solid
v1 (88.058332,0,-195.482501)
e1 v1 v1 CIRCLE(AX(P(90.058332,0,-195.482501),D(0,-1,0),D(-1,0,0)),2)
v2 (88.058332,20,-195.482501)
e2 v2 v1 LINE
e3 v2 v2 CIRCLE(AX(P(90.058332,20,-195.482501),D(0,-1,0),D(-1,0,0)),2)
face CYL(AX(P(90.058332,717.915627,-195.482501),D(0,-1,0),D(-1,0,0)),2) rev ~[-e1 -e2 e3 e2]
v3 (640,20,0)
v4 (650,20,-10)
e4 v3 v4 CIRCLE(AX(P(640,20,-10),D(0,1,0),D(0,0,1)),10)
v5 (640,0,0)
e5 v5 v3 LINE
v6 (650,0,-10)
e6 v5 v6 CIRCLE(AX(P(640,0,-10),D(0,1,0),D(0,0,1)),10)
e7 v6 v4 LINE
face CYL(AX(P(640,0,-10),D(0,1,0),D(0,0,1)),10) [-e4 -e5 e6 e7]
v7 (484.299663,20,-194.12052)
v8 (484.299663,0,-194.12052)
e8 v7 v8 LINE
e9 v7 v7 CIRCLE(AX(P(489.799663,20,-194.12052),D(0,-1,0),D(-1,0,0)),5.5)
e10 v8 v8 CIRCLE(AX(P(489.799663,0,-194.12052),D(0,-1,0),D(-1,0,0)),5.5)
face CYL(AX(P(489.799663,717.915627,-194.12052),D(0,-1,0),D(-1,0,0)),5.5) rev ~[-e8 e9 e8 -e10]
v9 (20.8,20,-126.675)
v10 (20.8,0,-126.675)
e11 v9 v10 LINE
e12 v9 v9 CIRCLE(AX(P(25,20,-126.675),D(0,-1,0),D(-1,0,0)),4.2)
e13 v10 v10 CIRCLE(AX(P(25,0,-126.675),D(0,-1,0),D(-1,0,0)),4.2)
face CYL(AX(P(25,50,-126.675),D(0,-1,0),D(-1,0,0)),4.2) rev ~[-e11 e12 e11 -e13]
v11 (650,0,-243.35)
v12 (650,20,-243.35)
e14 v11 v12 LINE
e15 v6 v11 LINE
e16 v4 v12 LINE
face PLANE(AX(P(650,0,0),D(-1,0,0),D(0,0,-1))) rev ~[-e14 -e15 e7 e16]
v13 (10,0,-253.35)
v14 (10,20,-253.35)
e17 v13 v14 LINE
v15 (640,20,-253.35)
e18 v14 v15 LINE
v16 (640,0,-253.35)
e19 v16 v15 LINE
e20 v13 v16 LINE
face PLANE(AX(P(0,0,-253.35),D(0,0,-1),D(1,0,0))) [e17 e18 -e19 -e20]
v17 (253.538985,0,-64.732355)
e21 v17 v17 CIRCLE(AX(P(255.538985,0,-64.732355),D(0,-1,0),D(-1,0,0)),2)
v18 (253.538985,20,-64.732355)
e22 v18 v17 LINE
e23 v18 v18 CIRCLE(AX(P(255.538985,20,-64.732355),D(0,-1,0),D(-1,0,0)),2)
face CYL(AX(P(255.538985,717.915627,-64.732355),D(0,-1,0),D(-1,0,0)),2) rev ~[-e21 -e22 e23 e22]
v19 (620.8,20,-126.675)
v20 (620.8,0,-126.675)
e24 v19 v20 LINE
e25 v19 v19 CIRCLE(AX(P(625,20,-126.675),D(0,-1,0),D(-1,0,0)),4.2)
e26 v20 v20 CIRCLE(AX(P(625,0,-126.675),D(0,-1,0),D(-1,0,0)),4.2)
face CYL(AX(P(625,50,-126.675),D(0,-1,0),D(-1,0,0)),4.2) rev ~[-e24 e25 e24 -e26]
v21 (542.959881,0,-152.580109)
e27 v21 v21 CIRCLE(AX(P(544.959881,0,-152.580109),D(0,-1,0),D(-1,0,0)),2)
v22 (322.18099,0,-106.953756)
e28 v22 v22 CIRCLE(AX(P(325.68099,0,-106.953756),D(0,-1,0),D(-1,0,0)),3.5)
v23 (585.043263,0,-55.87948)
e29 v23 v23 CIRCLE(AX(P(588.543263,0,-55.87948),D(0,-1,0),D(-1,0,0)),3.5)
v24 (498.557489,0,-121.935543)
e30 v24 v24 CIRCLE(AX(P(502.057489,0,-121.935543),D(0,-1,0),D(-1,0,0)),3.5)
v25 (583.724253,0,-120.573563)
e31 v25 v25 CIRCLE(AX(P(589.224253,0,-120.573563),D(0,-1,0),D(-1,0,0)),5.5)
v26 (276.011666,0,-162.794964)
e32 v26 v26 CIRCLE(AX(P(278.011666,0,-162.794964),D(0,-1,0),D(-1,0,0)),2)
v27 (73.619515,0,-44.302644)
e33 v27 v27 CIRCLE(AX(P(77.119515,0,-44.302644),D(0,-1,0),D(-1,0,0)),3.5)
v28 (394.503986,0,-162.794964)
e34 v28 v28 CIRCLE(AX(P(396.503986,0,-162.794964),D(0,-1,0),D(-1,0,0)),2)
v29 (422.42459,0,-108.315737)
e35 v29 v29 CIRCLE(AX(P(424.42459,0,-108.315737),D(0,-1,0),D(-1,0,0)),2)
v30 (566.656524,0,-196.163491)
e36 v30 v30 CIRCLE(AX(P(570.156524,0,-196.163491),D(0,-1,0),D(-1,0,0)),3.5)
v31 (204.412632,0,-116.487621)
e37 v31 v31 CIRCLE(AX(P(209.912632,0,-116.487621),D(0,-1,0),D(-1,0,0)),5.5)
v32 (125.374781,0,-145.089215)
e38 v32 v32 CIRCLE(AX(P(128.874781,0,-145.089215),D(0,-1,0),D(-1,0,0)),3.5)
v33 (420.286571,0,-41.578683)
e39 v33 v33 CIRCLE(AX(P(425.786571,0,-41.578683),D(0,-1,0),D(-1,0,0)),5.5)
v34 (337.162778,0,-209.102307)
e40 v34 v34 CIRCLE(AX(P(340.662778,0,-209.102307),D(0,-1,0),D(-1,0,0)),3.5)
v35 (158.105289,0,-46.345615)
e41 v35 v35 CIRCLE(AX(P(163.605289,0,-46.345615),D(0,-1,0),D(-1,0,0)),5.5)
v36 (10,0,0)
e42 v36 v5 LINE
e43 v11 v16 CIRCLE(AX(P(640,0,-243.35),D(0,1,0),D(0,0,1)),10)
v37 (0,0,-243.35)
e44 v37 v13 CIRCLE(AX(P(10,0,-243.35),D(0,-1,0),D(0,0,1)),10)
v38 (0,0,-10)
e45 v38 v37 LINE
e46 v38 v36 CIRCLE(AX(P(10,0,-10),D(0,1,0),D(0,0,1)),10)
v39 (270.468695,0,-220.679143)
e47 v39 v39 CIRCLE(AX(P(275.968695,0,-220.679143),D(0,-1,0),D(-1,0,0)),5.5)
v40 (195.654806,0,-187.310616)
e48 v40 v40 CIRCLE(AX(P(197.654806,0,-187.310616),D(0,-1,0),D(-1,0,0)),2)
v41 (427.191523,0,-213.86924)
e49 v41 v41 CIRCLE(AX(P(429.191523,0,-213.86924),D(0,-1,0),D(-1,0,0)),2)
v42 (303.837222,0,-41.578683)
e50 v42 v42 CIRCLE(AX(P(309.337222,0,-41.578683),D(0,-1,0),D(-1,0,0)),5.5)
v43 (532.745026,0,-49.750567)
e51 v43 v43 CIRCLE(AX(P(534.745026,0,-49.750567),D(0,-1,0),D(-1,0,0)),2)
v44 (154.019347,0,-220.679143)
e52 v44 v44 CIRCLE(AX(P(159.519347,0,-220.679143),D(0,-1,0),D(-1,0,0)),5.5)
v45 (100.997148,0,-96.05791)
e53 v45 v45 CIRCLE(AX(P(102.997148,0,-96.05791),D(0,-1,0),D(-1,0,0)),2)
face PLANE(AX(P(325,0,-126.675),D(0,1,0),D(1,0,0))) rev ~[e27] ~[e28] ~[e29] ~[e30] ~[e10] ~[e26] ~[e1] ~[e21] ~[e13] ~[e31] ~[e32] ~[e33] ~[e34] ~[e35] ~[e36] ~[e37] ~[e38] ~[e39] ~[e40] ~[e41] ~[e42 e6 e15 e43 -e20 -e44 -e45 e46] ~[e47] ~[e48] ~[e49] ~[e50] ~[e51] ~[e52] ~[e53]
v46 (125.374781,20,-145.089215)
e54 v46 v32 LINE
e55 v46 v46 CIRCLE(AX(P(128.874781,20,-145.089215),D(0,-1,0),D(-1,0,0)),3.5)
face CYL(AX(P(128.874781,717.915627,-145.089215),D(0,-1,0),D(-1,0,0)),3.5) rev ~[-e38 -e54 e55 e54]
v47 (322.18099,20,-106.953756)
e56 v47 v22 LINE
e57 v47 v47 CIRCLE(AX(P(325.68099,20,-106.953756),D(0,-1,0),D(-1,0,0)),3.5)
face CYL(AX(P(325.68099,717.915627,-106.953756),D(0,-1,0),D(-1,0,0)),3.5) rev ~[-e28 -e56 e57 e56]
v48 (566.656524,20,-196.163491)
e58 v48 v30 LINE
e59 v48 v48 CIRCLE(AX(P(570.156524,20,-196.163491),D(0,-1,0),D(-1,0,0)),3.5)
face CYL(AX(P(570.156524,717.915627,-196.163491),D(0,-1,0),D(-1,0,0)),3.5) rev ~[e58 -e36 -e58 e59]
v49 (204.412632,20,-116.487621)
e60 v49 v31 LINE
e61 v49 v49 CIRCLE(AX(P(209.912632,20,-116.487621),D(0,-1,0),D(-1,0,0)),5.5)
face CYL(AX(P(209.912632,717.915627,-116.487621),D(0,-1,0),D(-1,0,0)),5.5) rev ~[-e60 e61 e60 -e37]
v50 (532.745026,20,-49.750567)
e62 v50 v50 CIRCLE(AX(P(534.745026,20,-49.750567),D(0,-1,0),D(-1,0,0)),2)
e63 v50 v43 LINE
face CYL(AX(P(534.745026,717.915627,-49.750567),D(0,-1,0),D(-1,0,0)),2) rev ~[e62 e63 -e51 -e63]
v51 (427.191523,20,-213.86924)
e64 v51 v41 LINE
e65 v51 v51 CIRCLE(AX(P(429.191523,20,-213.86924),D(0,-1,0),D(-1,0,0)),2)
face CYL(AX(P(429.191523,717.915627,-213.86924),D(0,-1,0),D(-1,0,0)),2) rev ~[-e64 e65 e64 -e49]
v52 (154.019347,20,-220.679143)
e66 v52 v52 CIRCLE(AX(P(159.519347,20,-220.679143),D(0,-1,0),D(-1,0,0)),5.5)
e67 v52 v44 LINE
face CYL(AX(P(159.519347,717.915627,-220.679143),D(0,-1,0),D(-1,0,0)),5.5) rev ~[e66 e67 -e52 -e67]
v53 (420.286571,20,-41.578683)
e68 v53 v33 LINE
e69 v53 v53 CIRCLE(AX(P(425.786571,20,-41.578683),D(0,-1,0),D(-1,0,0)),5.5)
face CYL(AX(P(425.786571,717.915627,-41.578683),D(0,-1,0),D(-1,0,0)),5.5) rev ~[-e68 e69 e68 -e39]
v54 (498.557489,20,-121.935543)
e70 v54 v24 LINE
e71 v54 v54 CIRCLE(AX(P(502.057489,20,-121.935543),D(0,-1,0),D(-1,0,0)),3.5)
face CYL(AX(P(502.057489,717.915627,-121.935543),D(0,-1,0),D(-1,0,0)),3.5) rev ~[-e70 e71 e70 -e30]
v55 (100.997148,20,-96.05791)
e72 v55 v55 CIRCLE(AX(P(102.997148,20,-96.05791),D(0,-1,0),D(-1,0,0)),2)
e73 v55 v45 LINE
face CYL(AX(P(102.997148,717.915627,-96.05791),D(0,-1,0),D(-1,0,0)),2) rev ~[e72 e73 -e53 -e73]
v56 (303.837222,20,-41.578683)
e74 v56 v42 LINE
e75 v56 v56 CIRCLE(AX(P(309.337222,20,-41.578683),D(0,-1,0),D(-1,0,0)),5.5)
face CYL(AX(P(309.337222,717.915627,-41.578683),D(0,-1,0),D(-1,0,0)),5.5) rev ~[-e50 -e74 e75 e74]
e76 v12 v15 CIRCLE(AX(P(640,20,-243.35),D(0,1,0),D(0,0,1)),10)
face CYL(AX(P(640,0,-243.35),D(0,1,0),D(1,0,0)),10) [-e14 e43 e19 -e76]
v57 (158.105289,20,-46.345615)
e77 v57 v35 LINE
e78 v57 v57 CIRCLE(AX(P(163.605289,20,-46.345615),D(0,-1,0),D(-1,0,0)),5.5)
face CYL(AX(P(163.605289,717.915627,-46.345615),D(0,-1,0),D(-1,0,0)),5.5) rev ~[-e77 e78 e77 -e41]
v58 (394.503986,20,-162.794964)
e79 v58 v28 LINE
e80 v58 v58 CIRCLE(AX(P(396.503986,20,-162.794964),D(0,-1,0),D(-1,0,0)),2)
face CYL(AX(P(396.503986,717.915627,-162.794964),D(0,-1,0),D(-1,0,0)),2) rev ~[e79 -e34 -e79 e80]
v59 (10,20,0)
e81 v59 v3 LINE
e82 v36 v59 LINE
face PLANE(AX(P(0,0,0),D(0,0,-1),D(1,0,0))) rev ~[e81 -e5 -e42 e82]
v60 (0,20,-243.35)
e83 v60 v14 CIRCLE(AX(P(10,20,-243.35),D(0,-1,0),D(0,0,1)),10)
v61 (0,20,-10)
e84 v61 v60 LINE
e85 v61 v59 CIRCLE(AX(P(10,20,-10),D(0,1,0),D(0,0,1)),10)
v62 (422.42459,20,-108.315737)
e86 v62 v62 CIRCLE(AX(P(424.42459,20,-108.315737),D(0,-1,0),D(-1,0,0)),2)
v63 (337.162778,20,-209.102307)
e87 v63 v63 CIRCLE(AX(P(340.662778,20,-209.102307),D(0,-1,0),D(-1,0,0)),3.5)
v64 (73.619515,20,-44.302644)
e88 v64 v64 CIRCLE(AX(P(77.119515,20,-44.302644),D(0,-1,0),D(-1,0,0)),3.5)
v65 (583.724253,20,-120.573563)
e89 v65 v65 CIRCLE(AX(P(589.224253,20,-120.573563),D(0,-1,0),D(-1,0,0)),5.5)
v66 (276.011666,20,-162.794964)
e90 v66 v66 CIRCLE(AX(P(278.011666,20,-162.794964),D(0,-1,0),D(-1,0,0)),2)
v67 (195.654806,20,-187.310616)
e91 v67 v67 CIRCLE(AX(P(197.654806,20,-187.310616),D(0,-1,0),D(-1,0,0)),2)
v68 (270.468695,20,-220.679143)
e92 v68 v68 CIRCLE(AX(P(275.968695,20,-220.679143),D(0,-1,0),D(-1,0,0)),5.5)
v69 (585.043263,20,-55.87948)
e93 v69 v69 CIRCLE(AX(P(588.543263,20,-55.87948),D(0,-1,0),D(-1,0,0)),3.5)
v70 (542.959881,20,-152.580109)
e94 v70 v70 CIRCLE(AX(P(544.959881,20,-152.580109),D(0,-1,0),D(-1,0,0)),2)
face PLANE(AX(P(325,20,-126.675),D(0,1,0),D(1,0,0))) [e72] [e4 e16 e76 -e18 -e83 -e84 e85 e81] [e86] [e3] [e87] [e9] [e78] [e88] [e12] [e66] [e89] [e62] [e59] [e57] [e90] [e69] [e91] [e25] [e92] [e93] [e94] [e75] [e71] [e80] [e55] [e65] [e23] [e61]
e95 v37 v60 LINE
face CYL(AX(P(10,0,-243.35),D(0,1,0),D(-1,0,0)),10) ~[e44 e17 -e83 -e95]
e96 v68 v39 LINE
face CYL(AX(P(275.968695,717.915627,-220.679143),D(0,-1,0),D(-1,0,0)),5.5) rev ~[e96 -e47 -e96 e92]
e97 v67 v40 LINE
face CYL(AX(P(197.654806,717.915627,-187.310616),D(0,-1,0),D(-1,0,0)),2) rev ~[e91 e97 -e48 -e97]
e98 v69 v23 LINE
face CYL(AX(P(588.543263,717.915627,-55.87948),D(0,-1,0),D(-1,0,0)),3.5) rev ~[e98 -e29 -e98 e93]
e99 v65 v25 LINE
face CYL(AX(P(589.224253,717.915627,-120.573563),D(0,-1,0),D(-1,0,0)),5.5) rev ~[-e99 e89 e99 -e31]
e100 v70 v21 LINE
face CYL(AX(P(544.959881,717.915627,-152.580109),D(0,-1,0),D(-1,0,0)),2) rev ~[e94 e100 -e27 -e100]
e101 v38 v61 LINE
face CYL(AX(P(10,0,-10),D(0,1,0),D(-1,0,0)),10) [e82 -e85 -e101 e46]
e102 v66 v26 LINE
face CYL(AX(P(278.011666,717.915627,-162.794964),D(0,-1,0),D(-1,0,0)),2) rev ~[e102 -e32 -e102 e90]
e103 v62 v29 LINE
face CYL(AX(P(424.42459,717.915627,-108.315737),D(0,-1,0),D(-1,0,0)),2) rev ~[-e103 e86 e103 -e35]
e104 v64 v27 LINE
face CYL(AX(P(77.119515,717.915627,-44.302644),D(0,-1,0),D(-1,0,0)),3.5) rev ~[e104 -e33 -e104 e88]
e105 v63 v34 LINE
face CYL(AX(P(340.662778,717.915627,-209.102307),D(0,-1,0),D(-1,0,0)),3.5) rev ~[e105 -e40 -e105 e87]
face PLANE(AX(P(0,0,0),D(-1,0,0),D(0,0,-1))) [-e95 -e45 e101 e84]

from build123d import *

# Parameters (mm, degrees)
SKETCH1_W                  = 650
SKETCH1_H                  = 253.35
BOSS_EXTRUDE1_DEPTH        = 20
FILLET1_R                  = 10
F_4_0_4_DIAMETER_HOLE1_D   = 4
F_7_0_7_DIAMETER_HOLE1_D   = 7
F_11_0_11_DIAMETER_HOLE1_D = 11
M8_CLEARANCE_HOLE1_D       = 8.4
M8_CLEARANCE_HOLE1_DEPTH   = 30
M8_CLEARANCE_HOLE1_TIP     = 2.5236146


with BuildPart() as part:
    # Sketch1 → Boss-Extrude1 (new body)
    with BuildSketch(Plane(origin=(0, 0, 0), x_dir=(1, 0, 0), z_dir=(0, 1, 0))):
        with Locations((325, 126.675)):
            Rectangle(SKETCH1_W, SKETCH1_H)
    extrude(amount=BOSS_EXTRUDE1_DEPTH)

    # Fillet1
    fillet1_edges = [part.edges().sort_by_distance(p)[0] for p in [
        (0, 10, 0),
        (0, 10, -253.35),
        (650, 10, -253.35),
        (650, 10, 0),
    ]]
    fillet(fillet1_edges, radius=FILLET1_R)

    # Ø4.0 (4) Diameter Hole1 (through all)
    with Locations(Plane(origin=(0, 20, 0), x_dir=(1, 0, 0), z_dir=(0, 1, 0))):
        with Locations((90.058331561, 195.482500532), (255.538984983, 64.732354618), (396.503986047, 162.794964053), (544.959880887, 152.580108904), (534.745025737, 49.750567065), (278.011666312, 162.794964053), (102.997148083, 96.05791041), (429.191522525, 213.869239801), (424.424590122, 108.315736589), (197.654805802, 187.310616412)):
            Hole(F_4_0_4_DIAMETER_HOLE1_D / 2)

    # Ø7.0 (7) Diameter Hole1 (through all)
    with Locations(Plane(origin=(0, 20, 0), x_dir=(1, 0, 0), z_dir=(0, 1, 0))):
        with Locations((128.874781129, 145.089215127), (77.119515038, 44.302644319), (325.680990343, 106.953755902), (340.662777896, 209.102307398), (502.057489259, 121.935543455), (570.156523589, 196.163490875), (588.543262858, 55.879480155)):
            Hole(F_7_0_7_DIAMETER_HOLE1_D / 2)

    # Ø11.0 (11) Diameter Hole1 (through all)
    with Locations(Plane(origin=(0, 20, 0), x_dir=(1, 0, 0), z_dir=(0, 1, 0))):
        with Locations((209.912631982, 116.487620709), (425.786570809, 41.578682945), (489.799663079, 194.120519845), (309.337222104, 41.578682945), (163.605288637, 46.345615349), (159.519346577, 220.679143234), (275.968695282, 220.679143234), (589.224253201, 120.573562769)):
            Hole(F_11_0_11_DIAMETER_HOLE1_D / 2)

    # M8 Clearance Hole1
    with Locations(Plane(origin=(0, 20, 0), x_dir=(1, 0, 0), z_dir=(0, 1, 0))):
        with Locations((25, 126.675), (625, 126.675)):
            Hole(M8_CLEARANCE_HOLE1_D / 2, depth=M8_CLEARANCE_HOLE1_DEPTH)
            with Locations((0, 0, -(M8_CLEARANCE_HOLE1_DEPTH + M8_CLEARANCE_HOLE1_TIP / 2))):  # 118° drill point
                Cone(0, M8_CLEARANCE_HOLE1_D / 2, M8_CLEARANCE_HOLE1_TIP, mode=Mode.SUBTRACT)


solid = part.part
